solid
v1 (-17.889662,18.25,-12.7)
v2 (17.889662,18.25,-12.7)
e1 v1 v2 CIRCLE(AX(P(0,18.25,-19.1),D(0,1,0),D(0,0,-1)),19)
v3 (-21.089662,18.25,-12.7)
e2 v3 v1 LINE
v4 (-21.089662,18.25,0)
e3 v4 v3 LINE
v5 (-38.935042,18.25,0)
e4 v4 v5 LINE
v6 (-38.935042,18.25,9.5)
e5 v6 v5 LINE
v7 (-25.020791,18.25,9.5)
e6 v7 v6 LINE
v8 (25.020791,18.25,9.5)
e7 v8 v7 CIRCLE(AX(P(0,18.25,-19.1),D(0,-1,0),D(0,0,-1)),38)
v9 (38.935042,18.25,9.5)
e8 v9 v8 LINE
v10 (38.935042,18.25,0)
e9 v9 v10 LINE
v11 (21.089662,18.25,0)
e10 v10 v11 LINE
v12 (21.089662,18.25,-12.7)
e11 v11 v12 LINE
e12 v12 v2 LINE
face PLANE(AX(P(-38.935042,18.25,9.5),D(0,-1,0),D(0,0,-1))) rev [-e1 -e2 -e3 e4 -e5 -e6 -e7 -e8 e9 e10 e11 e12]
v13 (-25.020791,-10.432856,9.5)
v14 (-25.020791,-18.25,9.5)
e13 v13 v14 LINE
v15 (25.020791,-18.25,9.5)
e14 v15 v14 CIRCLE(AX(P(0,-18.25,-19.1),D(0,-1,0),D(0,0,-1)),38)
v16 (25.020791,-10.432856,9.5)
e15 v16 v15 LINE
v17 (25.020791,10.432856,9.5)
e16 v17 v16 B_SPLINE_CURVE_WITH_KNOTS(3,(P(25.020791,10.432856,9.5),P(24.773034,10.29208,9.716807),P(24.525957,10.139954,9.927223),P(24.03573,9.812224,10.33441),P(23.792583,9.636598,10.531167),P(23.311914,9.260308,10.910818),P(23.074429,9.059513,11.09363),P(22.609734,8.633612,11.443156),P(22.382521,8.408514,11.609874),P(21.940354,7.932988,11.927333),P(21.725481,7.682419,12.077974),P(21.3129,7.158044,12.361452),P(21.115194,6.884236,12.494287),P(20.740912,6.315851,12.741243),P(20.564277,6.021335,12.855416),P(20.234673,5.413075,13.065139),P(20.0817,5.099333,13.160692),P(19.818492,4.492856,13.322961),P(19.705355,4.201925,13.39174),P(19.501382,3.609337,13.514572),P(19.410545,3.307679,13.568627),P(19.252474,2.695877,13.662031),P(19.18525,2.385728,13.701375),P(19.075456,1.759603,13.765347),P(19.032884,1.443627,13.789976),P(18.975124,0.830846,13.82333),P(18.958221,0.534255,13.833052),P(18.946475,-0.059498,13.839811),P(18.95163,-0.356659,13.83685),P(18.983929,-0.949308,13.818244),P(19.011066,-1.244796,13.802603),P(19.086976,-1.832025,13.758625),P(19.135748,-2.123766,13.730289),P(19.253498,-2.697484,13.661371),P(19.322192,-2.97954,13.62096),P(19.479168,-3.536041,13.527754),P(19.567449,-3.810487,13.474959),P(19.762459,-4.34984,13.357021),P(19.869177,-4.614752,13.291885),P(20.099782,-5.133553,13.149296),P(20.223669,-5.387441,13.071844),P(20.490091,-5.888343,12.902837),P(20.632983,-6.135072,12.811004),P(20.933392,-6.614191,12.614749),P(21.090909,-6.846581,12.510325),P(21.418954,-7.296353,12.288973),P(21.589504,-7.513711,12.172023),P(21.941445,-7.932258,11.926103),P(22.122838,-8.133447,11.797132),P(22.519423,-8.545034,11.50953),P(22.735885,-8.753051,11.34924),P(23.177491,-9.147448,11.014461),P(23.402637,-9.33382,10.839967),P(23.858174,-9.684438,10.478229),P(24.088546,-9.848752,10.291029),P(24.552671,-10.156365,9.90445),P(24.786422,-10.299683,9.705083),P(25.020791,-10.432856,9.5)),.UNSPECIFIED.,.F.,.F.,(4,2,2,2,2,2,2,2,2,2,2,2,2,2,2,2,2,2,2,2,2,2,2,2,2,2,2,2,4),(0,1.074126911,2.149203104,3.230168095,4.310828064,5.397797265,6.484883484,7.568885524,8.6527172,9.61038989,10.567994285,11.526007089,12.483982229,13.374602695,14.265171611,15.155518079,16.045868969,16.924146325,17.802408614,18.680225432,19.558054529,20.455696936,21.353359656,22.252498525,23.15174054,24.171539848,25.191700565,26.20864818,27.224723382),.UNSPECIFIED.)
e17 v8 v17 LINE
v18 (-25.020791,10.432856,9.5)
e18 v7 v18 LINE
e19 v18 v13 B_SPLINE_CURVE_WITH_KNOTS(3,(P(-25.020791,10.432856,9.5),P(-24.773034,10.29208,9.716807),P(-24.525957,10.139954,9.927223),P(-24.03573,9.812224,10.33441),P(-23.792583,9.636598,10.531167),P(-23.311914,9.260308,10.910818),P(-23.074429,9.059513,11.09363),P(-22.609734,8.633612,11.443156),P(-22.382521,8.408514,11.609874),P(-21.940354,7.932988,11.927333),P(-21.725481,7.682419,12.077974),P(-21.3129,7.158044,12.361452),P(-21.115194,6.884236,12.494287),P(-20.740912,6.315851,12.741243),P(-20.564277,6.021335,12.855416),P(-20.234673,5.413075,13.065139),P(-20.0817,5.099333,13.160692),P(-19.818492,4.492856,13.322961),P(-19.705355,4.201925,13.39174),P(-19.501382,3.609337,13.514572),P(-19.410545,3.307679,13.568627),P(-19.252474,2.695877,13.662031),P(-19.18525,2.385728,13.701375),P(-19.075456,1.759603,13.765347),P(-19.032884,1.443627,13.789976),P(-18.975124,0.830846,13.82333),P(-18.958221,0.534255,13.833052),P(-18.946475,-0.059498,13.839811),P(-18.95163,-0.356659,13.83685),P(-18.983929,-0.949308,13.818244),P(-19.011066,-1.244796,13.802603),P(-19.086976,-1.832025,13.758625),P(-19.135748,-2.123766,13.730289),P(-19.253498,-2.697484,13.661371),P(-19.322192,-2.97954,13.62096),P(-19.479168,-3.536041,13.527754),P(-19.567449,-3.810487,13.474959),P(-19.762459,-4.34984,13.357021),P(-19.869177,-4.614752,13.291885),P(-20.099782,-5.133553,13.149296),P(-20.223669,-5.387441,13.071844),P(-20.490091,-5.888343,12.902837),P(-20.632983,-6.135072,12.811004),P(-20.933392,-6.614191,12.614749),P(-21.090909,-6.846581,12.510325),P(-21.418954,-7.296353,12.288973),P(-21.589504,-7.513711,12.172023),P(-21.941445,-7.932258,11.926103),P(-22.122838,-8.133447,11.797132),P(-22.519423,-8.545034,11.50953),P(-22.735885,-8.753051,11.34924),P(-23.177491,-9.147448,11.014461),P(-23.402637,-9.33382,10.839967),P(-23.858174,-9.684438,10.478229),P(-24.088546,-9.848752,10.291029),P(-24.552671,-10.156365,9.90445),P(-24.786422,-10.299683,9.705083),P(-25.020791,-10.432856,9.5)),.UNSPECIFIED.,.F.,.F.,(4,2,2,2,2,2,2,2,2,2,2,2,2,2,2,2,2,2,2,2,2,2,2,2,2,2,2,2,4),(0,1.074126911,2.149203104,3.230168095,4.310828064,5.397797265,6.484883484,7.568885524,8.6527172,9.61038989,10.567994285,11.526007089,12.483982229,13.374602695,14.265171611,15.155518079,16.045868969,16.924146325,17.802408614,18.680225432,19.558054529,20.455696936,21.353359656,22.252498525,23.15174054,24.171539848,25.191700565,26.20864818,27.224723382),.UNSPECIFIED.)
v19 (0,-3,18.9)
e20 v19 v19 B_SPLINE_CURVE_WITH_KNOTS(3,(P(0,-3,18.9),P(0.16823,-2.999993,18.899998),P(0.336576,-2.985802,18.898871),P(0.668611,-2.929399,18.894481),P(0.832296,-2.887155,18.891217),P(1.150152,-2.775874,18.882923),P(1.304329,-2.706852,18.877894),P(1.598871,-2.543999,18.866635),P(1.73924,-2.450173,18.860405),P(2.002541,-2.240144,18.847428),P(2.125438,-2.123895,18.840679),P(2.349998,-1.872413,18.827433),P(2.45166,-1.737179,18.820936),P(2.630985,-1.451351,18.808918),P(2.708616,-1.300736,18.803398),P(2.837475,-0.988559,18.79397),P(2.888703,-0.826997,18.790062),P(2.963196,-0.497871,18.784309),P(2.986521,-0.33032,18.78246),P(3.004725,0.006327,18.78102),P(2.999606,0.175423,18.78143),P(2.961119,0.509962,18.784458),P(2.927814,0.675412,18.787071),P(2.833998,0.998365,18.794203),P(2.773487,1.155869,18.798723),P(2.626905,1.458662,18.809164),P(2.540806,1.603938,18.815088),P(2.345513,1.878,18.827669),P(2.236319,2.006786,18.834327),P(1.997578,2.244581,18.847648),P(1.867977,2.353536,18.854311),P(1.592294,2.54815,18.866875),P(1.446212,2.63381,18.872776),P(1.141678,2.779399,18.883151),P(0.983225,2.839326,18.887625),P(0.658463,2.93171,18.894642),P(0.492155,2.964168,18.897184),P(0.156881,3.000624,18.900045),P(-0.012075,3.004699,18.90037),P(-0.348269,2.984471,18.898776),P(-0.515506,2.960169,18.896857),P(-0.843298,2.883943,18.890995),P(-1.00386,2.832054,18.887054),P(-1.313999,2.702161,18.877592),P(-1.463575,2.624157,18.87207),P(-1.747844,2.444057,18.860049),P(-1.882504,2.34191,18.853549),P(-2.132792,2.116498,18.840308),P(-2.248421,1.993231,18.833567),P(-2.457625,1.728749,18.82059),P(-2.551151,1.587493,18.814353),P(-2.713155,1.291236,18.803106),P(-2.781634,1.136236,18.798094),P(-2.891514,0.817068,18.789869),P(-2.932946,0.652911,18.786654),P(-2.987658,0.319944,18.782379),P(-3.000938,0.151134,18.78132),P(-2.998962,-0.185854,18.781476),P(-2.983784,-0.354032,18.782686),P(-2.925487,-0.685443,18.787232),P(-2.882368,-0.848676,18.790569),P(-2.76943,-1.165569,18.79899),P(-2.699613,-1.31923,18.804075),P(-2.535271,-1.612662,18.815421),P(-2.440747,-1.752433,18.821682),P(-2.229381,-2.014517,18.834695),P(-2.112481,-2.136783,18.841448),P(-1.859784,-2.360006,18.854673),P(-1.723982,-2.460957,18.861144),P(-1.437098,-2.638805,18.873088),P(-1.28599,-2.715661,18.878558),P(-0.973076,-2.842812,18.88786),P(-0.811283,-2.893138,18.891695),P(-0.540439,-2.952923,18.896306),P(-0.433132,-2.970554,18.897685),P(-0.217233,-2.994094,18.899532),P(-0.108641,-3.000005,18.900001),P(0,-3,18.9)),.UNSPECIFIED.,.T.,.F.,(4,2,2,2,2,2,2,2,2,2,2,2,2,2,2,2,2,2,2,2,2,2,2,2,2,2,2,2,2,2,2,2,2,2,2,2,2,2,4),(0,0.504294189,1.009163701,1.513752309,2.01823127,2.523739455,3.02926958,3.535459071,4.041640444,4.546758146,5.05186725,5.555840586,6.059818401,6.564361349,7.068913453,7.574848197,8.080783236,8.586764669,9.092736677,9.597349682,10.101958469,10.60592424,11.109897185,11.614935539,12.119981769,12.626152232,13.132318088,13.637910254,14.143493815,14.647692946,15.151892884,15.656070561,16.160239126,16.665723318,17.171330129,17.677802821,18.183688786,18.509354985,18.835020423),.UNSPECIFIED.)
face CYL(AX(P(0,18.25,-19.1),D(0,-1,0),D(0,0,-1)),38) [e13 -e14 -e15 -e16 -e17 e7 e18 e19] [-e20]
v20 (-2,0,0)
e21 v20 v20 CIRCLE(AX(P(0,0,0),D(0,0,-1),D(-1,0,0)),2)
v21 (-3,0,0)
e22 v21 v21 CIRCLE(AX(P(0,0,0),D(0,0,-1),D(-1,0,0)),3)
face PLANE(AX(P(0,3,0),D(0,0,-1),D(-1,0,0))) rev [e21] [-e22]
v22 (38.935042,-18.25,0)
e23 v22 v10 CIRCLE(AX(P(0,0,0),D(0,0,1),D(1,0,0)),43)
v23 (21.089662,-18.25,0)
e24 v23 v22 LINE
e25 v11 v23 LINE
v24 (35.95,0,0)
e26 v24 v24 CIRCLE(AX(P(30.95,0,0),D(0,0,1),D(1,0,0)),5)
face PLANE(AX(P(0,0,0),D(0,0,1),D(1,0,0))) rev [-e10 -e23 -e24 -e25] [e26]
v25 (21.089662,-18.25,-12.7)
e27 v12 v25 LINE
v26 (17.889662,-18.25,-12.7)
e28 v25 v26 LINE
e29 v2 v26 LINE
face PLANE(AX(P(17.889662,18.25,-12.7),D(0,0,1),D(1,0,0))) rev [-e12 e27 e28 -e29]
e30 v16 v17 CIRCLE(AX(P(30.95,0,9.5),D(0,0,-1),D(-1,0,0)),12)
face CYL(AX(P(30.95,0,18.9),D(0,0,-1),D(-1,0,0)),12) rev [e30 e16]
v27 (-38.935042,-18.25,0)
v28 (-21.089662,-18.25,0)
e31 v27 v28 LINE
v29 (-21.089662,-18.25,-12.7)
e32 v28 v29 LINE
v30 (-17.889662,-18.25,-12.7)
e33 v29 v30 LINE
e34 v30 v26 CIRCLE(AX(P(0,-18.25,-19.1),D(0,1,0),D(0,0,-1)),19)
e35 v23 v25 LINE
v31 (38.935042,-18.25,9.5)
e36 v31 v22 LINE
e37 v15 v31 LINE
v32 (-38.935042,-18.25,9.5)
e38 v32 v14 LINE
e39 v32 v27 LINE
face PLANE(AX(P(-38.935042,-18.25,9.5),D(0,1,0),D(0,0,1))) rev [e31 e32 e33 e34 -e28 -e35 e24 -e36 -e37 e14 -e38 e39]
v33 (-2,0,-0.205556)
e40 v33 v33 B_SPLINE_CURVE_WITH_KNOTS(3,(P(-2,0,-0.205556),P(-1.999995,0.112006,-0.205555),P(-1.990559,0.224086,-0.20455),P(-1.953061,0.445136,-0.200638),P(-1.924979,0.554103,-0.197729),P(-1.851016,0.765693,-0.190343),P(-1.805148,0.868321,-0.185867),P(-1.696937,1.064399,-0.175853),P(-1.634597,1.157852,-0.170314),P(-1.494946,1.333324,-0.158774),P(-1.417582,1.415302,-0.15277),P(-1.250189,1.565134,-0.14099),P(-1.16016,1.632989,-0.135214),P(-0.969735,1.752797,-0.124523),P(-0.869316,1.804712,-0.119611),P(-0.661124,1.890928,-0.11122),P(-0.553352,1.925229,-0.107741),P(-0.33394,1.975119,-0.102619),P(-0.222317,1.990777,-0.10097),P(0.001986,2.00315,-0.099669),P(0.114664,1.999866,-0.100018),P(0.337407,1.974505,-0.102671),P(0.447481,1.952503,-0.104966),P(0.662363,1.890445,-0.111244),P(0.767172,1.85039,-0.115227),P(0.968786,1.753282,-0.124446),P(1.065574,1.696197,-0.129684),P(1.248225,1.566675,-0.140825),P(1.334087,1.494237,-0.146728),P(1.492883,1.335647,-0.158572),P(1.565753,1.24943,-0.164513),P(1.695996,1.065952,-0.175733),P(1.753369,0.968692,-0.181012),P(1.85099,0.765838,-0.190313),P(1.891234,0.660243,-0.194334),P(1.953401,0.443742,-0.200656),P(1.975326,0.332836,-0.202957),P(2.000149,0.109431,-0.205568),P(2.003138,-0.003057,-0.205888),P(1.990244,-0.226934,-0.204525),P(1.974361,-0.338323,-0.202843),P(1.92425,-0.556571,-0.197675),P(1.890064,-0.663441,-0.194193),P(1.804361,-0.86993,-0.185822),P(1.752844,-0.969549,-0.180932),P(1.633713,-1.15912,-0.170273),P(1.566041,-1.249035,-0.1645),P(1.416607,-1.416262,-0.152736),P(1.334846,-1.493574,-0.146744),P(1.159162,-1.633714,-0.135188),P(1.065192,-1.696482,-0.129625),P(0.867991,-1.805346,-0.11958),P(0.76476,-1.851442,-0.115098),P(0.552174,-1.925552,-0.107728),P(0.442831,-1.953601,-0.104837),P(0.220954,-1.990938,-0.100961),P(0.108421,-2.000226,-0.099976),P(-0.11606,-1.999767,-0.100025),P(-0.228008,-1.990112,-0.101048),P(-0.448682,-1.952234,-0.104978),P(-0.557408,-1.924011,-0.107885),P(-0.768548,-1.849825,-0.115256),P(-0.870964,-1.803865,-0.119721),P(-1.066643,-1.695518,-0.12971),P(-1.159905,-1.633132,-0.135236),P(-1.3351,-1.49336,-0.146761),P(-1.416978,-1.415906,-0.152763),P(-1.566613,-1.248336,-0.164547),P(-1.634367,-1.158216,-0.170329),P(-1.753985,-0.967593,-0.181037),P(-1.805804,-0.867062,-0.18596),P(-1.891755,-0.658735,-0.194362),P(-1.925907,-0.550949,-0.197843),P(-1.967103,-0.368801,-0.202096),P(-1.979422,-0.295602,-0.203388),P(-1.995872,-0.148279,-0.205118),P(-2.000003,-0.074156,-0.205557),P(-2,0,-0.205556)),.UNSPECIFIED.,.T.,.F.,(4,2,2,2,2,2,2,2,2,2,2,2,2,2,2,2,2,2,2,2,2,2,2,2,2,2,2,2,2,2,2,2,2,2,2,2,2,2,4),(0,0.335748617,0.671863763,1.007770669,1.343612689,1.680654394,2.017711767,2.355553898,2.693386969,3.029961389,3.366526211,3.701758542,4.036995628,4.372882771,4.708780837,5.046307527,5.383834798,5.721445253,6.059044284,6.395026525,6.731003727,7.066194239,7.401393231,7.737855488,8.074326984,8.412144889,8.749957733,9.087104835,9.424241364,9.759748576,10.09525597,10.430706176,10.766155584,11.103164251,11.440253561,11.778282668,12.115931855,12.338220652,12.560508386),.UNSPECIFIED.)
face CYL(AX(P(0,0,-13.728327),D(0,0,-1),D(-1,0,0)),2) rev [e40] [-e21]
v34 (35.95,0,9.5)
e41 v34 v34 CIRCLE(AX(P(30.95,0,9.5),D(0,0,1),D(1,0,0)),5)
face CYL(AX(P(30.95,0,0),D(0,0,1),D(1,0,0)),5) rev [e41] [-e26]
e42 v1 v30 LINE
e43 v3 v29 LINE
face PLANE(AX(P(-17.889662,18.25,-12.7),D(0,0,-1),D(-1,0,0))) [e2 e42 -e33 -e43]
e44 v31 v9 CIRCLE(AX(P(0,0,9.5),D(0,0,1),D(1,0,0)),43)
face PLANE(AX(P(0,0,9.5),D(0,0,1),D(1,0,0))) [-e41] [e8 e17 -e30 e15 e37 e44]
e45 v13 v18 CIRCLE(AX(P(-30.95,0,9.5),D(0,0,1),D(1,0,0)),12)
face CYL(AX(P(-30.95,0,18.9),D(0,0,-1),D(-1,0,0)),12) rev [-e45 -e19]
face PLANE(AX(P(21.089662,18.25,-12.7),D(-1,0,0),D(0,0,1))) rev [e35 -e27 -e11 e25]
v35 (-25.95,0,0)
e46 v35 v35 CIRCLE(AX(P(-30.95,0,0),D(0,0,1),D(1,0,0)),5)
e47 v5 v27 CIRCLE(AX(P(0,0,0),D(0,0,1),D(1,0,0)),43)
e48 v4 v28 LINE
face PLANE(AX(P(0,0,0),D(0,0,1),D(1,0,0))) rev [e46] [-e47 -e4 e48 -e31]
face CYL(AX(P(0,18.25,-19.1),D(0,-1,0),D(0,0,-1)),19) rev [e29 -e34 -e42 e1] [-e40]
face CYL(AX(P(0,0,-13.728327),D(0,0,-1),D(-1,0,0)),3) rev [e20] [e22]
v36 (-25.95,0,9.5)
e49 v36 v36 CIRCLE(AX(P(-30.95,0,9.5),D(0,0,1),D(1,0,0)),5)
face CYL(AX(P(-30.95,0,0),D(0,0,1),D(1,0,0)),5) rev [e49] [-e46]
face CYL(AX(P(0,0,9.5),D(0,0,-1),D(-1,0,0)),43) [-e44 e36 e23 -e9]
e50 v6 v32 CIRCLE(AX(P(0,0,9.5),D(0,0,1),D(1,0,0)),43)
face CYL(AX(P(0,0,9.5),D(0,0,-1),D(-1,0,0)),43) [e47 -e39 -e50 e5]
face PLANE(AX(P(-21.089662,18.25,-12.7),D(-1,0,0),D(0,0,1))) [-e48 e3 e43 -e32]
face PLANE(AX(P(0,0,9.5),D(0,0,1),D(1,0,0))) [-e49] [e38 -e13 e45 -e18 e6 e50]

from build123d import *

# Parameters (mm, degrees)
BOSS_EXTRUDE1_DEPTH = 9.5
SKETCH4_R           = 5
CUT_EXTRUDE1_DEPTH  = 9.5
BOSS_EXTRUDE2_DEPTH = 36.5
SKETCH8_R           = 12
CUT_EXTRUDE2_DEPTH  = 52.719459587


with BuildPart() as part:
    # Sketch3 → Boss-Extrude1 (new body)
    with BuildSketch(Plane.XY):
        with BuildLine():
            Line((-38.935042057, 18.25), (38.935042057, 18.25))
            ThreePointArc((38.935042057, 18.25), (43, 0), (38.935042057, -18.25))
            Line((38.935042057, -18.25), (-38.935042057, -18.25))
            ThreePointArc((-38.935042057, -18.25), (-43, 0), (-38.935042057, 18.25))
        make_face()
    extrude(amount=BOSS_EXTRUDE1_DEPTH)

    # Sketch4 → Cut-Extrude1 (cut)
    with BuildSketch(Plane.XY.offset(9.5)):
        with Locations((-30.95, 0)):
            Circle(SKETCH4_R)
        with Locations((30.95, 0)):
            Circle(SKETCH4_R)
    extrude(amount=-CUT_EXTRUDE1_DEPTH, mode=Mode.SUBTRACT)

    # Sketch7 → Boss-Extrude2 (add)
    with BuildSketch(Plane.XZ.offset(18.25)):
        with BuildLine():
            Line((0, 0), (0, -0.1))
            ThreePointArc((0, -0.1), (-10.940749517, -3.566165959), (-17.889661819, -12.7))
            Line((-17.889661819, -12.7), (-21.089661819, -12.7))
            Line((-21.089661819, -12.7), (-21.089661819, 0))
            Line((-21.089661819, 0), (0, 0))
        make_face()
        with BuildLine():
            Line((0, 18.9), (0, 9.5))
            Line((0, 9.5), (-25.020791354, 9.5))
            ThreePointArc((-25.020791354, 9.5), (-13.364131098, 16.472461259), (0, 18.9))
        make_face()
    boss_extrude2 = extrude(amount=-BOSS_EXTRUDE2_DEPTH)

    # Mirror1: Boss-Extrude2 across plane
    add(boss_extrude2.mirror(Plane(origin=(0, 0, 0), x_dir=(0, 0, 1), z_dir=(1, 0, 0))))

    # Sketch8 → Cut-Extrude2 (cut, through all)
    with BuildSketch(Plane.XY.offset(9.5)):
        with Locations((-30.95, 0)):
            Circle(SKETCH8_R)
    cut_extrude2 = extrude(amount=CUT_EXTRUDE2_DEPTH, mode=Mode.SUBTRACT)

    # Mirror2: Cut-Extrude2 across plane
    add(cut_extrude2.mirror(Plane(origin=(0, 0, 0), x_dir=(0, 0, 1), z_dir=(1, 0, 0))), mode=Mode.SUBTRACT)

    # Sketch9 → Cut-Revolve1 (revolve, cut)
    with BuildSketch(Plane(origin=(0, 0, 0), x_dir=(0, 0, -1), z_dir=(1, 0, 0)), mode=Mode.PRIVATE) as cut_revolve1_sk:
        Polygon((-18.9, 0), (-18.9, 3), (0, 3), (0, 2), (13.728327228, 2), (13.728327228, 0), align=None)
    revolve(cut_revolve1_sk.sketch.rotate(Axis((0, 0, -13.728327228), (0, 0, 1)), 90), axis=Axis((0, 0, -13.728327228), (0, 0, 1)), mode=Mode.SUBTRACT)


solid = part.part
